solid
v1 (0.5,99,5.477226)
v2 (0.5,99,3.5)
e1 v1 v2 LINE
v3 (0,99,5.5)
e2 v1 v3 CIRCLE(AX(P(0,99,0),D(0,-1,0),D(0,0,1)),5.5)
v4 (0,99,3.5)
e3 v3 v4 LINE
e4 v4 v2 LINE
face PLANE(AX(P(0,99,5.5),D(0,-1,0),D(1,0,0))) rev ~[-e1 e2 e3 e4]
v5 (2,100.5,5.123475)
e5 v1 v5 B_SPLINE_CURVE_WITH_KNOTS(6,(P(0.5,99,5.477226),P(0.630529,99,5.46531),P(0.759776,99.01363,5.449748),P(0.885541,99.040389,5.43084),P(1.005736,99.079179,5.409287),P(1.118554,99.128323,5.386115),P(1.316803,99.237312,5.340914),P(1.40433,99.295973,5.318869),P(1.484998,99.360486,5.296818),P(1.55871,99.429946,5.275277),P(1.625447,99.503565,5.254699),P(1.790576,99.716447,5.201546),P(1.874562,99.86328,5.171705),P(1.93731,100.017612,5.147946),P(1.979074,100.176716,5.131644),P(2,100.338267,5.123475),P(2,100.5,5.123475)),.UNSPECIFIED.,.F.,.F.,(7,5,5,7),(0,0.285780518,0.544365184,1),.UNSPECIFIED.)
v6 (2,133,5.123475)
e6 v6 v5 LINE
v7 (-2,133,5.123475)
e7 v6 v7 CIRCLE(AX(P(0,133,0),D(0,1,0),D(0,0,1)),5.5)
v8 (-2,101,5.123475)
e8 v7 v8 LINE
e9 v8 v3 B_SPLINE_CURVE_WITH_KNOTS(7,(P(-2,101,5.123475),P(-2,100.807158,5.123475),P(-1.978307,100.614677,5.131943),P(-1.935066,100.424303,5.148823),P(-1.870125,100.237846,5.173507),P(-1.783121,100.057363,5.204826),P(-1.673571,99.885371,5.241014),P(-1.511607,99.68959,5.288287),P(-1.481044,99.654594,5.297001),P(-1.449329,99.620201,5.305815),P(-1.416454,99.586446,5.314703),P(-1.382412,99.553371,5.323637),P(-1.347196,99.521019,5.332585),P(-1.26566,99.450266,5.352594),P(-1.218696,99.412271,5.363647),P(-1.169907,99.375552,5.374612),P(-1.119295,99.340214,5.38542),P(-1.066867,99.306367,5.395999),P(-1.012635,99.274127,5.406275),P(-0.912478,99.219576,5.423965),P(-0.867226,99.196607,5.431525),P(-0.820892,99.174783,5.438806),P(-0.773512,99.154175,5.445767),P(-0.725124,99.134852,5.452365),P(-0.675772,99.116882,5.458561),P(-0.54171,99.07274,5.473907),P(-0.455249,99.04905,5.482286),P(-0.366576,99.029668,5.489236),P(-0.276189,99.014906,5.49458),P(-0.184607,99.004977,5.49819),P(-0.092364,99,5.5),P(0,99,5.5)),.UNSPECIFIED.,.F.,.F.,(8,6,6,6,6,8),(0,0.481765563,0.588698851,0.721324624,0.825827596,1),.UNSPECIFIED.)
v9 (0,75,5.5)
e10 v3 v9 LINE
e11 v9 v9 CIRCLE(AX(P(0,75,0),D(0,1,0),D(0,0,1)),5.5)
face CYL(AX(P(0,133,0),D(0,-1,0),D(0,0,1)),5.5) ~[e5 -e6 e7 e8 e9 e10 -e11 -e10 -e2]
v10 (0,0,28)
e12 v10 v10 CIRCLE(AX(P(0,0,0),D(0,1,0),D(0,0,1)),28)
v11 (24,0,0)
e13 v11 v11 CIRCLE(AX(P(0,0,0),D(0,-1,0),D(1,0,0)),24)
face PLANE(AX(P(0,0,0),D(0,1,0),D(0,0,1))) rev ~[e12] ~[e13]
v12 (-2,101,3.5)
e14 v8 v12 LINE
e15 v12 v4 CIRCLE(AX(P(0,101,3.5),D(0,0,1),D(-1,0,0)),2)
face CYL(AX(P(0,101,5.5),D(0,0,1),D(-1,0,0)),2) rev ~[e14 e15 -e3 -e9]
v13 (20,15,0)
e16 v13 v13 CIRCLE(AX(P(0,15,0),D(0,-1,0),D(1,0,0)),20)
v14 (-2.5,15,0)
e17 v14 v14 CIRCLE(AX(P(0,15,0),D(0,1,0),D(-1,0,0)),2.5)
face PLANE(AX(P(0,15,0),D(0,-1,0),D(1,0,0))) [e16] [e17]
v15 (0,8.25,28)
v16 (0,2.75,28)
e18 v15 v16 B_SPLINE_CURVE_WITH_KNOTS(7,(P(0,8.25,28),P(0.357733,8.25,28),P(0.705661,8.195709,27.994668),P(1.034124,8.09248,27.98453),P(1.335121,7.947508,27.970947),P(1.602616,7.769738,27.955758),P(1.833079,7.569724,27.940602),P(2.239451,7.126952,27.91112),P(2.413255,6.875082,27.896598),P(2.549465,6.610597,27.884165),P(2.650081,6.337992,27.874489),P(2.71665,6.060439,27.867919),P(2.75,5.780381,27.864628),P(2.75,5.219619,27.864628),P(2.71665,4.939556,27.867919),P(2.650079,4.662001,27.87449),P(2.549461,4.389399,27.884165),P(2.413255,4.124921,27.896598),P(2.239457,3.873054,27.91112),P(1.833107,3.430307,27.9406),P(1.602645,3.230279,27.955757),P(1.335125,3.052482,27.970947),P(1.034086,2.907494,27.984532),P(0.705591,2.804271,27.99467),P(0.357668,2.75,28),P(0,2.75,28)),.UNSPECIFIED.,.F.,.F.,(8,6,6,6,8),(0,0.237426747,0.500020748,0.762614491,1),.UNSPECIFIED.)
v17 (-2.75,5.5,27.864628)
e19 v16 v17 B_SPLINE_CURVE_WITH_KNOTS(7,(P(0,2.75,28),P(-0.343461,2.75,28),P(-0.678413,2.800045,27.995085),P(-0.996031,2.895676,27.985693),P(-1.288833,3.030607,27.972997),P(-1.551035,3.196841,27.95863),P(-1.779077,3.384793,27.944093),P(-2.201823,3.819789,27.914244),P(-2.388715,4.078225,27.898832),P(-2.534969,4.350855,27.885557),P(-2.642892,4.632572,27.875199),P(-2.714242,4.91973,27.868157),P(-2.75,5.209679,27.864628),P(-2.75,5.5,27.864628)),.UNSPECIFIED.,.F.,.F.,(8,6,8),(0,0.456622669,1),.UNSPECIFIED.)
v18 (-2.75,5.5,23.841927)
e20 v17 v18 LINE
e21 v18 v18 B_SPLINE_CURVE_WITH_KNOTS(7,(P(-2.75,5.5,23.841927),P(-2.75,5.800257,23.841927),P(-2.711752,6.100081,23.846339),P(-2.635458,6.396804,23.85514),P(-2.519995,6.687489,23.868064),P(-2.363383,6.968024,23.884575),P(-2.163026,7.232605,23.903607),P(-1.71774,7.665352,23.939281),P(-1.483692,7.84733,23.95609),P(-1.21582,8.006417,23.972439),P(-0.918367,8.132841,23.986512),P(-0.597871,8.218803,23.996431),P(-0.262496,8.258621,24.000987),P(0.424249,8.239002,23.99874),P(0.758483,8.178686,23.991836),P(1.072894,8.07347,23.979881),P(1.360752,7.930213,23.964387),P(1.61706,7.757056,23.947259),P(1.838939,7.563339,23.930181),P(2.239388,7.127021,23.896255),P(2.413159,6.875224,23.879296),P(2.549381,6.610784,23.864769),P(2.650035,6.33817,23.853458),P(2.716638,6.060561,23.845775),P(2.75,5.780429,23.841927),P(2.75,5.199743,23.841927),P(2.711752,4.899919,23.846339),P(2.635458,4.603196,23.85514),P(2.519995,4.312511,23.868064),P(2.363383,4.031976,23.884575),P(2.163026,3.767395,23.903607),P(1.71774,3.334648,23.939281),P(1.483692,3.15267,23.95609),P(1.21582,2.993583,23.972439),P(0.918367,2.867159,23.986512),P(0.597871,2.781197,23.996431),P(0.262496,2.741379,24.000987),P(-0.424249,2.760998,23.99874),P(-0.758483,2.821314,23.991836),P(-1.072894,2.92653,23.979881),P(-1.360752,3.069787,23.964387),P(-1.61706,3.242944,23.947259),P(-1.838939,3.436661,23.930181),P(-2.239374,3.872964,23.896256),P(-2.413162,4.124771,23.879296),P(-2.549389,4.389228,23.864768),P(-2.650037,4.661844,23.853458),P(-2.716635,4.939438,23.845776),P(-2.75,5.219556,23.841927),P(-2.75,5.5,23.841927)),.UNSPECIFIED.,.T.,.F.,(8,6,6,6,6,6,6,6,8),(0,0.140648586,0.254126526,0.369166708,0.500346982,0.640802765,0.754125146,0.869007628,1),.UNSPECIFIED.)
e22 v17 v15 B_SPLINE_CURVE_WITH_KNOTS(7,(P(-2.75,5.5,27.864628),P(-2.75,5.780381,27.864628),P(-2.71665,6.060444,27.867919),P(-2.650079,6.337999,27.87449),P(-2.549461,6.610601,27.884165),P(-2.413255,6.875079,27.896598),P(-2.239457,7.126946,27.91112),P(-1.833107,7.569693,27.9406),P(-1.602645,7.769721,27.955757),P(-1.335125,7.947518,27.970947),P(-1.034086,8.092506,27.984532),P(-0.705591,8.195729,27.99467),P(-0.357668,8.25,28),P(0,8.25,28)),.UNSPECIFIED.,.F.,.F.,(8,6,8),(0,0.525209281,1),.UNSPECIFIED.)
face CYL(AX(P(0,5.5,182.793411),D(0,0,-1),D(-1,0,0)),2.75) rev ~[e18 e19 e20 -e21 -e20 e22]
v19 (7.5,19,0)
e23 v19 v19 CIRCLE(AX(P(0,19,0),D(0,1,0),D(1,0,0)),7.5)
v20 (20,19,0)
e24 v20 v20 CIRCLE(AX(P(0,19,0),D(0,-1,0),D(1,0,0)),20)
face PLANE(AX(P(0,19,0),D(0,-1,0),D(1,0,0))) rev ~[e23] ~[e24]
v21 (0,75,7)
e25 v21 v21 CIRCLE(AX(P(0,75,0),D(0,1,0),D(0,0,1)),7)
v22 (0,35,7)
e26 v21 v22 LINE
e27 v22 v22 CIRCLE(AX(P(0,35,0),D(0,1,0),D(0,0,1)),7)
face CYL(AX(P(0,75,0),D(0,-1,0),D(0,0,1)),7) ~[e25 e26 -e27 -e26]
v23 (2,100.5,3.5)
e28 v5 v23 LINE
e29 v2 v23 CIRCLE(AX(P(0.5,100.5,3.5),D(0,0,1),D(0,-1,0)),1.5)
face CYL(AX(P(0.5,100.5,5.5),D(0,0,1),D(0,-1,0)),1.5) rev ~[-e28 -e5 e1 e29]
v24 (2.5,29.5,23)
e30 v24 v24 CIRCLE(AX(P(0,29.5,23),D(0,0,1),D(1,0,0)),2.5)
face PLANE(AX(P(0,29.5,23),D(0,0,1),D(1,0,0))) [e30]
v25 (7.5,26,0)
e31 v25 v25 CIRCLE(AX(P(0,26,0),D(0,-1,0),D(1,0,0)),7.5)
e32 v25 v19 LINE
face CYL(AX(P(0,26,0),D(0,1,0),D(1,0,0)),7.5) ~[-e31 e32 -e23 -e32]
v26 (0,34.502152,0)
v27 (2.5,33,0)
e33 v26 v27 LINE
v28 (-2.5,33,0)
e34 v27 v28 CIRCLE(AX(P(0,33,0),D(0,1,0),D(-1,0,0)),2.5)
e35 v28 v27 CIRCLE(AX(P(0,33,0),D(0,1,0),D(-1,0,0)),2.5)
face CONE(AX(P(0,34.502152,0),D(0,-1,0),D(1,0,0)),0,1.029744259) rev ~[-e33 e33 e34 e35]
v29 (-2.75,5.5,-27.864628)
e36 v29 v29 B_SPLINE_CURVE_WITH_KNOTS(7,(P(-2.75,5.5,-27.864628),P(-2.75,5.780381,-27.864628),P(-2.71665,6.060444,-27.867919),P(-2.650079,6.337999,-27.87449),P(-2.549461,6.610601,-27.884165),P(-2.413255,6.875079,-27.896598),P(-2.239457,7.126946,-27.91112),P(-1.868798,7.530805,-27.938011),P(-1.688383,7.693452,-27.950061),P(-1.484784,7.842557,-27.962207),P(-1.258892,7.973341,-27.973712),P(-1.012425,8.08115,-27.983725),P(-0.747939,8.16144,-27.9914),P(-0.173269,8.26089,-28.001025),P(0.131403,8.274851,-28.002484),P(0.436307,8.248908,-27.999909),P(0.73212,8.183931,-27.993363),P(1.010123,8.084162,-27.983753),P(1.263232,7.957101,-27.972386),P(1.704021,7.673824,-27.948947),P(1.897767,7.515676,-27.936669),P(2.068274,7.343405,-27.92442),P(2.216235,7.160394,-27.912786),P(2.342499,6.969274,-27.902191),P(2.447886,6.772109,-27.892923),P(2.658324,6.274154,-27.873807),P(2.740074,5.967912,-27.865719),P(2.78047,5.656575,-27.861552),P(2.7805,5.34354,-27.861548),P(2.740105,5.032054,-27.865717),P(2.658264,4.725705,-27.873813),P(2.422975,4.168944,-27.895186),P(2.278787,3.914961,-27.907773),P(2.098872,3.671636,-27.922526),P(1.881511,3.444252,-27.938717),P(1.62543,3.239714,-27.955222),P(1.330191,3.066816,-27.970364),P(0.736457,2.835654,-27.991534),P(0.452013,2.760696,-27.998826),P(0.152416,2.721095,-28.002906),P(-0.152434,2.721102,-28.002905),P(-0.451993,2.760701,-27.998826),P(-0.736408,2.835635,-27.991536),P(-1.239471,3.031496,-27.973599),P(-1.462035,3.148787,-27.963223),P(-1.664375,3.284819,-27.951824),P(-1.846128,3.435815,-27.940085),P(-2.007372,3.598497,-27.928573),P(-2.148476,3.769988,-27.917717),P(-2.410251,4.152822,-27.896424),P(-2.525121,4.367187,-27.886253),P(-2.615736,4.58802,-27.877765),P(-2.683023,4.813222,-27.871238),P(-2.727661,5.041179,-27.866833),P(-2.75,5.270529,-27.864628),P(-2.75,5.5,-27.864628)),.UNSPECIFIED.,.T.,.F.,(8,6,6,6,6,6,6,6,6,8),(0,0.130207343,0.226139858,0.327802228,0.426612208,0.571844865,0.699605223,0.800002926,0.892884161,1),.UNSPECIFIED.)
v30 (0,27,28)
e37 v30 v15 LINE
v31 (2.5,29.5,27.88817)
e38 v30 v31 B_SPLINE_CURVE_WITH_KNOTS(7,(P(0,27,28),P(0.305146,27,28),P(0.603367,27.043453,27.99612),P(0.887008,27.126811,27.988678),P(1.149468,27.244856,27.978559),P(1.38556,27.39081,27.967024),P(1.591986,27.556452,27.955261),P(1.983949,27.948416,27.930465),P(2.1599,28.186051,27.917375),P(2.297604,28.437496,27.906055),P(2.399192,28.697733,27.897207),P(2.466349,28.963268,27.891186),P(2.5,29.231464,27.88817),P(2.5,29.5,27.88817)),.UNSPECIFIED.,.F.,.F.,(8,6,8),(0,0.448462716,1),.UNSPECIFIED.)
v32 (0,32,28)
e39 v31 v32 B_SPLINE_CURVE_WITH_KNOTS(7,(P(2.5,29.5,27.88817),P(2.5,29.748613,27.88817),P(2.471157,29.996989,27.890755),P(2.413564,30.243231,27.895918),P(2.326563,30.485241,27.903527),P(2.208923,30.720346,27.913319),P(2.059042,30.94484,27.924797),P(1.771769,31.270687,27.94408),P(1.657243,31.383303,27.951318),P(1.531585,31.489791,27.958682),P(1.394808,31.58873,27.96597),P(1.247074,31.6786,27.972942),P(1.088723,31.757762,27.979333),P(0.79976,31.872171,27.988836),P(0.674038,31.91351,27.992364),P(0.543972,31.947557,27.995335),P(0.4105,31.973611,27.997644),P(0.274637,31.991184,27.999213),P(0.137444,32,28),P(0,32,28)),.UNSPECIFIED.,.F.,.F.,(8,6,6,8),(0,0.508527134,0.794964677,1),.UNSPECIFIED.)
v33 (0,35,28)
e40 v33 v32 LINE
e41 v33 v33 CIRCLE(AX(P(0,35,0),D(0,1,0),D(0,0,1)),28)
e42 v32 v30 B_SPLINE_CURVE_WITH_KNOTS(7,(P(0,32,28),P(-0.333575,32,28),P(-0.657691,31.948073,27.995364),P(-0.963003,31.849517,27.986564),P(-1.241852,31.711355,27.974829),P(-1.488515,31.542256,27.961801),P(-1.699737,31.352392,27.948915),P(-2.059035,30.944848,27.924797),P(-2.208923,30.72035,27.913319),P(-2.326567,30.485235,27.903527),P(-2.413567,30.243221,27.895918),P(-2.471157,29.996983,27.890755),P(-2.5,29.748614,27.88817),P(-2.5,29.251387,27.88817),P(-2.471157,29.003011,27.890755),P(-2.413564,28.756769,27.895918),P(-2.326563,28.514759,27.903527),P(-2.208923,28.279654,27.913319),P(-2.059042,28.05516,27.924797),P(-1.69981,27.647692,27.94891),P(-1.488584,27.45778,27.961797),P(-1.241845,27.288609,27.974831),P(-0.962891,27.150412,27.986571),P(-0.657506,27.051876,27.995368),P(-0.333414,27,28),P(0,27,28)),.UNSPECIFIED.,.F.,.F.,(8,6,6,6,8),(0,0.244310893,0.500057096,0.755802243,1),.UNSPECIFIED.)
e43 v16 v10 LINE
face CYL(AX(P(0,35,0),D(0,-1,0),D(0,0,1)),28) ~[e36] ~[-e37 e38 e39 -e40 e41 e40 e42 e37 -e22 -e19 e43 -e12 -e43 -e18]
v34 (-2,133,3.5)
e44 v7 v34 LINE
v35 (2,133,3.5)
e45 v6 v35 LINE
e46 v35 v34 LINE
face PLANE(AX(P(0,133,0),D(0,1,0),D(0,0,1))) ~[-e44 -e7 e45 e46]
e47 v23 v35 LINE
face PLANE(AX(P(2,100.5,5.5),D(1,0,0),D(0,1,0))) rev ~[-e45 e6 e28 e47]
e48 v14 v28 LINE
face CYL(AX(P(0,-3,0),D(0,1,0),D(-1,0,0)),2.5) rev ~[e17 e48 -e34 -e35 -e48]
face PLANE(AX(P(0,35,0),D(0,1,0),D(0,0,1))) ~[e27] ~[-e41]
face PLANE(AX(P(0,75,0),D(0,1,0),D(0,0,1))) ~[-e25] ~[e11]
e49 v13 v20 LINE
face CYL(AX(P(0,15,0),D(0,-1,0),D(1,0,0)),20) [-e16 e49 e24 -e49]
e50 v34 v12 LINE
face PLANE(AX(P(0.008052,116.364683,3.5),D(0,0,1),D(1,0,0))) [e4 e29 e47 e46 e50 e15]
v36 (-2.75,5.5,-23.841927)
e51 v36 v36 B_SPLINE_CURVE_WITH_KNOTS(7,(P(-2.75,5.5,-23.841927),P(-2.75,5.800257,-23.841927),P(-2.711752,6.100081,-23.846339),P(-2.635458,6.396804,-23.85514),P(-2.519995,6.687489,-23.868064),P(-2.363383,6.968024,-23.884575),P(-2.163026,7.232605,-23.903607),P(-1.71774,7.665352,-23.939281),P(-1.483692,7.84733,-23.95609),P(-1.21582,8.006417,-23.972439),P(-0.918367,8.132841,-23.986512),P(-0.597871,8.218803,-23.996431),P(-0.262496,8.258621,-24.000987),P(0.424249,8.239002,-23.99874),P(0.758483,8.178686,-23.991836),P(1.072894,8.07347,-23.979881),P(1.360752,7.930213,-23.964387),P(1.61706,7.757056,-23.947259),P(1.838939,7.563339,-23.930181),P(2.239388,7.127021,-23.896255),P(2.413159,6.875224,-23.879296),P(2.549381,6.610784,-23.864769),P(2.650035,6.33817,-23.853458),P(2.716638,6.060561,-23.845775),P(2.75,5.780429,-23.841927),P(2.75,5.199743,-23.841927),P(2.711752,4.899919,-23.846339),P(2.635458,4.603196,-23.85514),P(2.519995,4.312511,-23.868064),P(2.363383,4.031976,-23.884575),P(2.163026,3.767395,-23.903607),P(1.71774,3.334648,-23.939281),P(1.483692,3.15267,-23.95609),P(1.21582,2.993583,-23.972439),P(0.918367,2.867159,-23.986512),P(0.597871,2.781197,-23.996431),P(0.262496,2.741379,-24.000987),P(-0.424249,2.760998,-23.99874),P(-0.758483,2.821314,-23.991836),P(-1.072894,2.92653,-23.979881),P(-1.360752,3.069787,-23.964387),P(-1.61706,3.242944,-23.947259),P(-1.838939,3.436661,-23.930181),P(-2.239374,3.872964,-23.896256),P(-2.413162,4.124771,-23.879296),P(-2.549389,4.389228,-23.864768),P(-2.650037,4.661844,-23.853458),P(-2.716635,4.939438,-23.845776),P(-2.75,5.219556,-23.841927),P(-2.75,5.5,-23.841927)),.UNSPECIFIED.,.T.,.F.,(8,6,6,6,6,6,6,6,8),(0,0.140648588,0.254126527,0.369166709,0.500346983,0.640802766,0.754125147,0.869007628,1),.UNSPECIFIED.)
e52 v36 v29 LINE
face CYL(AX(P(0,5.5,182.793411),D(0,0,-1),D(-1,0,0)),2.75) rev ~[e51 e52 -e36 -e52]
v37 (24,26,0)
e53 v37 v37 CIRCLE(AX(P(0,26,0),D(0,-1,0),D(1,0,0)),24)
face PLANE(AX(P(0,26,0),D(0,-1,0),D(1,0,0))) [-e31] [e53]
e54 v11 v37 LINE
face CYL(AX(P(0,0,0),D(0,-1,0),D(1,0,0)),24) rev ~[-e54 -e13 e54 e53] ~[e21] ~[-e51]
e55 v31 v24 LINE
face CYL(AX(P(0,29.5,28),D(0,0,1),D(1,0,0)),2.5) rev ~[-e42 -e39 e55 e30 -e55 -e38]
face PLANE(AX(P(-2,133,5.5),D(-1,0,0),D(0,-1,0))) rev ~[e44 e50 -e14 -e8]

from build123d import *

# Parameters (mm, degrees)
F4_DEPTH  = 2
F5_R      = 24
F6_DEPTH  = 26
F7_R      = 7.5
F8_DEPTH  = 11
F9_R      = 20
F10_DEPTH = 4
F13_D     = 5.5
F14_R     = 2.5
F15_DEPTH = 5
F17_D     = 5
F17_DEPTH = 18
F17_TIP   = 1.5021515476


with BuildPart() as f1:
    # F0 (on Right) → F1 (revolve)
    with BuildSketch(Plane.YZ):
        Polygon((0, 28), (0, 0), (133, 0), (133, 5.5), (75, 5.5), (75, 7), (35, 7), (35, 28), align=None)
    revolve(axis=Axis((0, 66.5, 0), (0, 1, 0)))

    # F3 (on offset) → F4 (cut)
    with BuildSketch(Plane.XY.offset(5.5)):
        with BuildLine():
            Line((0, 99), (0.5, 99))
            ThreePointArc((0.5, 99), (1.5606601718, 99.4393398282), (2, 100.5))
            Line((2, 100.5), (2, 133))
            Line((2, 133), (-2, 133))
            Line((-2, 133), (-2, 101))
            ThreePointArc((-2, 101), (-1.4142135624, 99.5857864376), (0, 99))
        make_face()
    extrude(amount=-F4_DEPTH, mode=Mode.SUBTRACT)

    # F5 (on face) → F6 (cut)
    with BuildSketch(Plane.XZ):
        Circle(F5_R)
    extrude(amount=-F6_DEPTH, mode=Mode.SUBTRACT)

    # F7 (on face) → F8 (join)
    with BuildSketch(Plane.XZ.offset(-26)):
        Circle(F7_R)
    extrude(amount=F8_DEPTH)

    # F9 (on face) → F10 (join)
    with BuildSketch(Plane.XZ.offset(-15)):
        Circle(F9_R)
    extrude(amount=-F10_DEPTH)

    # F13 (through all)
    with Locations(Plane.XY.offset(28)):
        with Locations((0, 5.5)):
            Hole(F13_D / 2)

    # F14 (on offset) → F15 (cut)
    with BuildSketch(Plane.XY.offset(28)):
        with Locations((0, 29.5)):
            Circle(F14_R)
    extrude(amount=-F15_DEPTH, mode=Mode.SUBTRACT)

    # F17
    with Locations(Plane.XZ.offset(-15)):
        with Locations((0, 0)):
            Hole(F17_D / 2, depth=F17_DEPTH)
            with Locations((0, 0, -(F17_DEPTH + F17_TIP / 2))):  # 118° drill point
                Cone(0, F17_D / 2, F17_TIP, mode=Mode.SUBTRACT)


solid = f1.part
